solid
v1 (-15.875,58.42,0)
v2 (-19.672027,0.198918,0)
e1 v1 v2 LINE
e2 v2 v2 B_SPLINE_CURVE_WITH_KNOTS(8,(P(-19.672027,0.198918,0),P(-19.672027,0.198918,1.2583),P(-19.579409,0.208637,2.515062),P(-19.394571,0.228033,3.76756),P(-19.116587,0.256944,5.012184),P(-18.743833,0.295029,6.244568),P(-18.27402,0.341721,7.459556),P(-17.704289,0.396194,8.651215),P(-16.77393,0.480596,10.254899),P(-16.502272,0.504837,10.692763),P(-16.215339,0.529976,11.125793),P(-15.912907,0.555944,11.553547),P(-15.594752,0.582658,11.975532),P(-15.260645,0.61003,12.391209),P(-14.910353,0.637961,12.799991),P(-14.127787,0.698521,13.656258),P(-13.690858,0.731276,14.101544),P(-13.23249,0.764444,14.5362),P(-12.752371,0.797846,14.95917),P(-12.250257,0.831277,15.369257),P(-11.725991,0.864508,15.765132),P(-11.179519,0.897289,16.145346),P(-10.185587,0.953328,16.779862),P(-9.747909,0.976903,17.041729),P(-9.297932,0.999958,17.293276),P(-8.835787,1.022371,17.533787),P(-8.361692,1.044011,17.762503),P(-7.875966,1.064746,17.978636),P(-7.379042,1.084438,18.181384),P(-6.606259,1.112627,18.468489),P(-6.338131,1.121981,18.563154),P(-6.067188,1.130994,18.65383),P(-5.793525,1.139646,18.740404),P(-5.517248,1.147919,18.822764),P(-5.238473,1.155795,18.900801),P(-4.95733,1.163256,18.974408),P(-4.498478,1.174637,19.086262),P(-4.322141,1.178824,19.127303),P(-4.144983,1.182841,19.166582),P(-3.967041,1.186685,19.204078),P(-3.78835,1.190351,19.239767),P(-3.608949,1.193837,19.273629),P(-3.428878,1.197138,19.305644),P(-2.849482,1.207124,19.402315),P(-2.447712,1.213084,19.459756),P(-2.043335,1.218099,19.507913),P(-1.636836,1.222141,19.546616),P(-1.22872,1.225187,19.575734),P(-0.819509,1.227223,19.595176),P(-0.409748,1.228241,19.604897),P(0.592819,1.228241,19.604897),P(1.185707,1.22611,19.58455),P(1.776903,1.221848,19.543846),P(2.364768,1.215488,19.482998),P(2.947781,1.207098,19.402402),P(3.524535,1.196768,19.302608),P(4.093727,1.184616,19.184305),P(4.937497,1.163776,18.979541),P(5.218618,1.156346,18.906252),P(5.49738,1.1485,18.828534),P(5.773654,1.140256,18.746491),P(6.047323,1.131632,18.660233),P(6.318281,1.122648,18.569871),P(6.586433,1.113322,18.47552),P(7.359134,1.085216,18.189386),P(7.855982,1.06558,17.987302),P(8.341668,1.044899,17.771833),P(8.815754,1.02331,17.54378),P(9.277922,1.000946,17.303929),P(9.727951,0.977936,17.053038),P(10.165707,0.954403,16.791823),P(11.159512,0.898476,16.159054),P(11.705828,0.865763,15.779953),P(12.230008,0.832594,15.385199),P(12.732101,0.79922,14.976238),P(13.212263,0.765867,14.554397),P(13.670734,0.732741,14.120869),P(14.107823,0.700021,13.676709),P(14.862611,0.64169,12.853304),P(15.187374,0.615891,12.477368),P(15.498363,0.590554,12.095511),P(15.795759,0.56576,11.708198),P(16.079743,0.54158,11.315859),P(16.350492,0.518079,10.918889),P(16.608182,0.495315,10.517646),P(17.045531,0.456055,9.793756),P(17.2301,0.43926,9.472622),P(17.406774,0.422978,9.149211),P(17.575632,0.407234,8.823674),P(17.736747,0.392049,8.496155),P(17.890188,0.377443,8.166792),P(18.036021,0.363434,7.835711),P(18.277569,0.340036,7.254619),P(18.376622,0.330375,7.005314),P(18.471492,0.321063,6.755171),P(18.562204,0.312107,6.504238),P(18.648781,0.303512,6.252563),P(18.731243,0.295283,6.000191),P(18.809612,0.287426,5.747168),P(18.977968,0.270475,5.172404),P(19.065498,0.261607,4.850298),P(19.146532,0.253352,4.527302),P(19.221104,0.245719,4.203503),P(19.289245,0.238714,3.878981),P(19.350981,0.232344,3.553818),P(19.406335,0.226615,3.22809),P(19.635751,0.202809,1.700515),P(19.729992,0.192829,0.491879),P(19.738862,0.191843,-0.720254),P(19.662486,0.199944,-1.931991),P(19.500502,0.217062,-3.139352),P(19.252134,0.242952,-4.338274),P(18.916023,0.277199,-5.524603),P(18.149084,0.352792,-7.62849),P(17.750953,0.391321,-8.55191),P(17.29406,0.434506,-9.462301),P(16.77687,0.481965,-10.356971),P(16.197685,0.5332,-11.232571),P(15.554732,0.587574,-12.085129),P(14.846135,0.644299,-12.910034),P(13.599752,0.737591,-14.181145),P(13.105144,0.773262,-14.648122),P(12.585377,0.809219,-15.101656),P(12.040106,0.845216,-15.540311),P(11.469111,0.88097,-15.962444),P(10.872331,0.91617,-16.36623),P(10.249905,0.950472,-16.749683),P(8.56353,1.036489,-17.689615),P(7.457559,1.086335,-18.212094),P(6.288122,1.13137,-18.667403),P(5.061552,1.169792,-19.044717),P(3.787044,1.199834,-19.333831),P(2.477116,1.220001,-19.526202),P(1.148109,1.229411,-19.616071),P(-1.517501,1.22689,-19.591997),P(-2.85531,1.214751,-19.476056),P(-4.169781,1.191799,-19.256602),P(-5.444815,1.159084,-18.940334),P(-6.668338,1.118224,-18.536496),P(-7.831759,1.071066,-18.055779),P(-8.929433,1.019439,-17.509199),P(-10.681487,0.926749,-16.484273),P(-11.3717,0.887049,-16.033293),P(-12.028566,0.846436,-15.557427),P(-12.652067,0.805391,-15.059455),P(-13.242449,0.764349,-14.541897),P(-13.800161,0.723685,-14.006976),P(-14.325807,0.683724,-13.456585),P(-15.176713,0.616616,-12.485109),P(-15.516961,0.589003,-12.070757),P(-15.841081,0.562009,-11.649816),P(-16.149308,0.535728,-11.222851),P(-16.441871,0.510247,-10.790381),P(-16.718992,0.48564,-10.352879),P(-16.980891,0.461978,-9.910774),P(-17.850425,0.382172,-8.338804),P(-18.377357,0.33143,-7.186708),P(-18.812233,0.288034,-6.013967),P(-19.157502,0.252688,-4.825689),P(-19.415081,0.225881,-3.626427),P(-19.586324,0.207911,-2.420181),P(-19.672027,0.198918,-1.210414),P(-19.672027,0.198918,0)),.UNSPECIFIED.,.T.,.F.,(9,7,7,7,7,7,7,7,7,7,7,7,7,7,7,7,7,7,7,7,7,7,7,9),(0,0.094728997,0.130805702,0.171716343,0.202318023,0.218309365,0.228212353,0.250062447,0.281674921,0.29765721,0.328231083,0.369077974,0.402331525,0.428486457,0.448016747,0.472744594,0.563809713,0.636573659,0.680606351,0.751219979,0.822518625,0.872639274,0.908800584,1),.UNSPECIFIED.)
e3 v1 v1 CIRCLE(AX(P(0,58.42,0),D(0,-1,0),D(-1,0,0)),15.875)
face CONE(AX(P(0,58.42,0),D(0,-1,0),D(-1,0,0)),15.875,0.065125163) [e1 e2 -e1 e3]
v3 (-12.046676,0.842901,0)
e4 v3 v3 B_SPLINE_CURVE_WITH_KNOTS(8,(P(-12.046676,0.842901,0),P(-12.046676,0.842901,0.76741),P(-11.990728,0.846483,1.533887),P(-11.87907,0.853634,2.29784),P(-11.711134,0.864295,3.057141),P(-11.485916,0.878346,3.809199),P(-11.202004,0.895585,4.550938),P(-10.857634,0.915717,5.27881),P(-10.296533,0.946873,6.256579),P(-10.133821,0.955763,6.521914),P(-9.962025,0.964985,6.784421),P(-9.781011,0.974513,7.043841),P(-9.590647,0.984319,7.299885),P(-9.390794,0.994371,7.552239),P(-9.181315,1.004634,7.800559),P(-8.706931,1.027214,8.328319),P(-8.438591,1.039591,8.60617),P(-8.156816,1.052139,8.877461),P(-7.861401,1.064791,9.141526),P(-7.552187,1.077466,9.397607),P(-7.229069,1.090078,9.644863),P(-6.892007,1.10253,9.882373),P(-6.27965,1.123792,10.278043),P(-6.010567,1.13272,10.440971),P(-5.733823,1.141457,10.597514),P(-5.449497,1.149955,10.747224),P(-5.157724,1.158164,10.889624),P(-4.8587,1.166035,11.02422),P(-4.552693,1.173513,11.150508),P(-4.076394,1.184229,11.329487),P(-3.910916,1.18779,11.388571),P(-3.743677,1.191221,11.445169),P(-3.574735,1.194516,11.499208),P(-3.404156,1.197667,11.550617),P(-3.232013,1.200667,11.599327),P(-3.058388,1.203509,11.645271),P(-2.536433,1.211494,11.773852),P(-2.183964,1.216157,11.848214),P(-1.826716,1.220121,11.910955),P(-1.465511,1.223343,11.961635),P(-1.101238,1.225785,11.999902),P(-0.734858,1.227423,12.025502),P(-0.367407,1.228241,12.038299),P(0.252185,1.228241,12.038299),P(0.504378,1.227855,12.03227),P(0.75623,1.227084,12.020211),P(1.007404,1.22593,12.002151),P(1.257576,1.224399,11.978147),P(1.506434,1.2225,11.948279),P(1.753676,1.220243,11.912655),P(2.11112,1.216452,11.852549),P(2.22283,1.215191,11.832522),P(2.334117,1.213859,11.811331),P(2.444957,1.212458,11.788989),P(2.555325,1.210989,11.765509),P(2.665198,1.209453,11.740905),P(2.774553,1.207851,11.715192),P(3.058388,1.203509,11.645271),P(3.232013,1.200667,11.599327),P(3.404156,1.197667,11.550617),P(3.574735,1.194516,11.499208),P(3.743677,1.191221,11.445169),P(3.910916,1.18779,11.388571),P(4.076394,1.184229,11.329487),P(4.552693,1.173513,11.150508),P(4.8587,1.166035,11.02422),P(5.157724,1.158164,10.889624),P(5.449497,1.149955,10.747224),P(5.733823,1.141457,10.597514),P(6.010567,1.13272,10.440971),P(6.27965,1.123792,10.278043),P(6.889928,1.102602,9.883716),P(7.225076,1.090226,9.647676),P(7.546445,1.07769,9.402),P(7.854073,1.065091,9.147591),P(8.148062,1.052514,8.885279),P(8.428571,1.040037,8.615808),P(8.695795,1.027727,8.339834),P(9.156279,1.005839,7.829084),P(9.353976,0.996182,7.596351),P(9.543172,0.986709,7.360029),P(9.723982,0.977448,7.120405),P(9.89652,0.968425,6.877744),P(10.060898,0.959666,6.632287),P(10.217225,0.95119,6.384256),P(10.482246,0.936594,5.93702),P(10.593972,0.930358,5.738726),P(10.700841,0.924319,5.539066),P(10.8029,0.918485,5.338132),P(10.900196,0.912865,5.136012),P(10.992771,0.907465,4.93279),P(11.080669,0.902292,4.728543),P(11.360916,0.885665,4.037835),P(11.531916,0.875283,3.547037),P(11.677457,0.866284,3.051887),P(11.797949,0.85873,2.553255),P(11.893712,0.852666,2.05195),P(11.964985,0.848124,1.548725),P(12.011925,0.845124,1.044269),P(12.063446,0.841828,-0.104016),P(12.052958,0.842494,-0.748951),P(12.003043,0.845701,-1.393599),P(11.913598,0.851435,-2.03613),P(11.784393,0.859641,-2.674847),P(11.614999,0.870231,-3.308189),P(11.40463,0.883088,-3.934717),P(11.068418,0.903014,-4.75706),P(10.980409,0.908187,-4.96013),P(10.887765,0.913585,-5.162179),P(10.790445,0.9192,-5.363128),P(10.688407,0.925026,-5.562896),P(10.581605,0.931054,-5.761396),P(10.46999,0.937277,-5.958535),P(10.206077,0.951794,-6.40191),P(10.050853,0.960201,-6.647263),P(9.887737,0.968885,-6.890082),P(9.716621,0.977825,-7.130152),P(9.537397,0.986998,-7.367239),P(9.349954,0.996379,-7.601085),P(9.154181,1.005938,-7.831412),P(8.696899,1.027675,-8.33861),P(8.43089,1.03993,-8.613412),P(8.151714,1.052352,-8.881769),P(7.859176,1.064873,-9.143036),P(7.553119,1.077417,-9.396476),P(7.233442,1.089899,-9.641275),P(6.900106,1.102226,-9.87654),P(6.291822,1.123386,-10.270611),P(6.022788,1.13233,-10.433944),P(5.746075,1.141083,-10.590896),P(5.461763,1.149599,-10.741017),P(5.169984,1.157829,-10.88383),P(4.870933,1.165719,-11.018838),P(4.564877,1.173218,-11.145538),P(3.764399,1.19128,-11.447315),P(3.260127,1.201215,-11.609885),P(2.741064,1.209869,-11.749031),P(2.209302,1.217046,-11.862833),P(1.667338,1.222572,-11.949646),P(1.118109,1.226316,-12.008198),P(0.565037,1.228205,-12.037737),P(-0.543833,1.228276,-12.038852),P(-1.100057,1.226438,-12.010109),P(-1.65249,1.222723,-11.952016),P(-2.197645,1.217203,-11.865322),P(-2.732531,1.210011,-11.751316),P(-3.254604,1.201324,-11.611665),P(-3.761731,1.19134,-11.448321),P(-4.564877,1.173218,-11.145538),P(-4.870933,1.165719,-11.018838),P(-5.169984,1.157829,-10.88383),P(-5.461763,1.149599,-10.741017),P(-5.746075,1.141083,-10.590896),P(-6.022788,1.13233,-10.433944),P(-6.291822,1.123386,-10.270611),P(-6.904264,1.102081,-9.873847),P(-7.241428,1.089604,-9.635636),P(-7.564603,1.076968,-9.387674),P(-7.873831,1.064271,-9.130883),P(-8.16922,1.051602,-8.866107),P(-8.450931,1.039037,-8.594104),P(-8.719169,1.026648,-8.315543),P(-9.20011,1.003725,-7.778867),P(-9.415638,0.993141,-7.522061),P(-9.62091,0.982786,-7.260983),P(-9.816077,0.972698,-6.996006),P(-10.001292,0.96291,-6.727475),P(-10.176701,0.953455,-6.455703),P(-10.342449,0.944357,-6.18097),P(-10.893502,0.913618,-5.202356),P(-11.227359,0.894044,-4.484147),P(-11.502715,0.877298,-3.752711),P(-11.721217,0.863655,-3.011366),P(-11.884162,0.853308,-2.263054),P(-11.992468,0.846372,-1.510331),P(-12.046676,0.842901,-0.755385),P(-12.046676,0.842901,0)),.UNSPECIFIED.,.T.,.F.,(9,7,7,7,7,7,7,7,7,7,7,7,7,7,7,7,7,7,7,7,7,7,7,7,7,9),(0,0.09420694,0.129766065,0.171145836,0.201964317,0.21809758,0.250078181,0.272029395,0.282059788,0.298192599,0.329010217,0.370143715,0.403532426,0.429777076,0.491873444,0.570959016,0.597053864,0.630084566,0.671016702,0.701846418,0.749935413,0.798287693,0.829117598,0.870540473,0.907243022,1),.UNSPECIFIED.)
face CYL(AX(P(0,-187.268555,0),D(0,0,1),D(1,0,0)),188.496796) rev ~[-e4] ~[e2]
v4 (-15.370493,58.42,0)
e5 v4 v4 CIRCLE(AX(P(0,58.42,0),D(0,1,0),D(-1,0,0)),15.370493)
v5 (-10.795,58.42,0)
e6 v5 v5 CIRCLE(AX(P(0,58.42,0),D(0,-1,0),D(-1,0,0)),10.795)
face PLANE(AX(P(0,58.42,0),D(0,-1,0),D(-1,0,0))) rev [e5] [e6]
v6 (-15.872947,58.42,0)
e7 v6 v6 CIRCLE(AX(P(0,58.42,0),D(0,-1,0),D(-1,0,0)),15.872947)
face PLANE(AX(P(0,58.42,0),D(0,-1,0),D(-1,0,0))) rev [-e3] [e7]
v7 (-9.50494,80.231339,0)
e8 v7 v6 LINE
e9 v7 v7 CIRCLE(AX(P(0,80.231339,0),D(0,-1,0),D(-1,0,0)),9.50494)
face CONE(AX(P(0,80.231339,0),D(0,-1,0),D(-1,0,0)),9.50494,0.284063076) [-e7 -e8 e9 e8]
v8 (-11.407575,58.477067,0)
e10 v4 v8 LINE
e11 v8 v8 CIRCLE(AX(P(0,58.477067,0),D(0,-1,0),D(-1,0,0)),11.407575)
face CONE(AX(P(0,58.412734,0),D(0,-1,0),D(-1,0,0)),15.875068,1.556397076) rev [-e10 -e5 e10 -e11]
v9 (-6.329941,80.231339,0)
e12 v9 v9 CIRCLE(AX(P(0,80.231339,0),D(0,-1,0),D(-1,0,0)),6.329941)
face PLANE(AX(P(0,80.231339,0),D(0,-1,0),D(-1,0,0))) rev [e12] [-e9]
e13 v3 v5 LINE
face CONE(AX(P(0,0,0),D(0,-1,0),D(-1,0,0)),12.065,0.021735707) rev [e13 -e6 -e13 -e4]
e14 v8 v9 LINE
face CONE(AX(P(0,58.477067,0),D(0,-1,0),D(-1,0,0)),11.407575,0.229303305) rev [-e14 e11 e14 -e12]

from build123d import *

# Parameters (mm, degrees)
F2_R     = 188.496796
F3_DEPTH = 25.4


with BuildPart() as f1:
    # F0 (on Top) → F1 (revolve)
    with BuildSketch(Plane.XY):
        Polygon((-19.685, 0), (-12.065, 0), (-10.795, 58.42), (-15.875, 58.42), align=None)
    revolve(axis=Axis((0, 29.21, 0), (0, -1, 0)))

    # F2 (on Top) → F3 (cut, symmetric)
    with BuildSketch(Plane.XY):
        with Locations((0, -187.268555)):
            Circle(F2_R)
    extrude(amount=F3_DEPTH, both=True, mode=Mode.SUBTRACT)

    # F4 (on Top) → F5 (revolve)
    with BuildSketch(Plane.XY):
        Polygon((-9.50494, 80.231339), (-15.875068, 58.412734), (-11.407575, 58.477067), (-6.329941, 80.231339), align=None)
    revolve(axis=Axis((0, 69.436338, 0), (0, -1, 0)))


solid = f1.part
